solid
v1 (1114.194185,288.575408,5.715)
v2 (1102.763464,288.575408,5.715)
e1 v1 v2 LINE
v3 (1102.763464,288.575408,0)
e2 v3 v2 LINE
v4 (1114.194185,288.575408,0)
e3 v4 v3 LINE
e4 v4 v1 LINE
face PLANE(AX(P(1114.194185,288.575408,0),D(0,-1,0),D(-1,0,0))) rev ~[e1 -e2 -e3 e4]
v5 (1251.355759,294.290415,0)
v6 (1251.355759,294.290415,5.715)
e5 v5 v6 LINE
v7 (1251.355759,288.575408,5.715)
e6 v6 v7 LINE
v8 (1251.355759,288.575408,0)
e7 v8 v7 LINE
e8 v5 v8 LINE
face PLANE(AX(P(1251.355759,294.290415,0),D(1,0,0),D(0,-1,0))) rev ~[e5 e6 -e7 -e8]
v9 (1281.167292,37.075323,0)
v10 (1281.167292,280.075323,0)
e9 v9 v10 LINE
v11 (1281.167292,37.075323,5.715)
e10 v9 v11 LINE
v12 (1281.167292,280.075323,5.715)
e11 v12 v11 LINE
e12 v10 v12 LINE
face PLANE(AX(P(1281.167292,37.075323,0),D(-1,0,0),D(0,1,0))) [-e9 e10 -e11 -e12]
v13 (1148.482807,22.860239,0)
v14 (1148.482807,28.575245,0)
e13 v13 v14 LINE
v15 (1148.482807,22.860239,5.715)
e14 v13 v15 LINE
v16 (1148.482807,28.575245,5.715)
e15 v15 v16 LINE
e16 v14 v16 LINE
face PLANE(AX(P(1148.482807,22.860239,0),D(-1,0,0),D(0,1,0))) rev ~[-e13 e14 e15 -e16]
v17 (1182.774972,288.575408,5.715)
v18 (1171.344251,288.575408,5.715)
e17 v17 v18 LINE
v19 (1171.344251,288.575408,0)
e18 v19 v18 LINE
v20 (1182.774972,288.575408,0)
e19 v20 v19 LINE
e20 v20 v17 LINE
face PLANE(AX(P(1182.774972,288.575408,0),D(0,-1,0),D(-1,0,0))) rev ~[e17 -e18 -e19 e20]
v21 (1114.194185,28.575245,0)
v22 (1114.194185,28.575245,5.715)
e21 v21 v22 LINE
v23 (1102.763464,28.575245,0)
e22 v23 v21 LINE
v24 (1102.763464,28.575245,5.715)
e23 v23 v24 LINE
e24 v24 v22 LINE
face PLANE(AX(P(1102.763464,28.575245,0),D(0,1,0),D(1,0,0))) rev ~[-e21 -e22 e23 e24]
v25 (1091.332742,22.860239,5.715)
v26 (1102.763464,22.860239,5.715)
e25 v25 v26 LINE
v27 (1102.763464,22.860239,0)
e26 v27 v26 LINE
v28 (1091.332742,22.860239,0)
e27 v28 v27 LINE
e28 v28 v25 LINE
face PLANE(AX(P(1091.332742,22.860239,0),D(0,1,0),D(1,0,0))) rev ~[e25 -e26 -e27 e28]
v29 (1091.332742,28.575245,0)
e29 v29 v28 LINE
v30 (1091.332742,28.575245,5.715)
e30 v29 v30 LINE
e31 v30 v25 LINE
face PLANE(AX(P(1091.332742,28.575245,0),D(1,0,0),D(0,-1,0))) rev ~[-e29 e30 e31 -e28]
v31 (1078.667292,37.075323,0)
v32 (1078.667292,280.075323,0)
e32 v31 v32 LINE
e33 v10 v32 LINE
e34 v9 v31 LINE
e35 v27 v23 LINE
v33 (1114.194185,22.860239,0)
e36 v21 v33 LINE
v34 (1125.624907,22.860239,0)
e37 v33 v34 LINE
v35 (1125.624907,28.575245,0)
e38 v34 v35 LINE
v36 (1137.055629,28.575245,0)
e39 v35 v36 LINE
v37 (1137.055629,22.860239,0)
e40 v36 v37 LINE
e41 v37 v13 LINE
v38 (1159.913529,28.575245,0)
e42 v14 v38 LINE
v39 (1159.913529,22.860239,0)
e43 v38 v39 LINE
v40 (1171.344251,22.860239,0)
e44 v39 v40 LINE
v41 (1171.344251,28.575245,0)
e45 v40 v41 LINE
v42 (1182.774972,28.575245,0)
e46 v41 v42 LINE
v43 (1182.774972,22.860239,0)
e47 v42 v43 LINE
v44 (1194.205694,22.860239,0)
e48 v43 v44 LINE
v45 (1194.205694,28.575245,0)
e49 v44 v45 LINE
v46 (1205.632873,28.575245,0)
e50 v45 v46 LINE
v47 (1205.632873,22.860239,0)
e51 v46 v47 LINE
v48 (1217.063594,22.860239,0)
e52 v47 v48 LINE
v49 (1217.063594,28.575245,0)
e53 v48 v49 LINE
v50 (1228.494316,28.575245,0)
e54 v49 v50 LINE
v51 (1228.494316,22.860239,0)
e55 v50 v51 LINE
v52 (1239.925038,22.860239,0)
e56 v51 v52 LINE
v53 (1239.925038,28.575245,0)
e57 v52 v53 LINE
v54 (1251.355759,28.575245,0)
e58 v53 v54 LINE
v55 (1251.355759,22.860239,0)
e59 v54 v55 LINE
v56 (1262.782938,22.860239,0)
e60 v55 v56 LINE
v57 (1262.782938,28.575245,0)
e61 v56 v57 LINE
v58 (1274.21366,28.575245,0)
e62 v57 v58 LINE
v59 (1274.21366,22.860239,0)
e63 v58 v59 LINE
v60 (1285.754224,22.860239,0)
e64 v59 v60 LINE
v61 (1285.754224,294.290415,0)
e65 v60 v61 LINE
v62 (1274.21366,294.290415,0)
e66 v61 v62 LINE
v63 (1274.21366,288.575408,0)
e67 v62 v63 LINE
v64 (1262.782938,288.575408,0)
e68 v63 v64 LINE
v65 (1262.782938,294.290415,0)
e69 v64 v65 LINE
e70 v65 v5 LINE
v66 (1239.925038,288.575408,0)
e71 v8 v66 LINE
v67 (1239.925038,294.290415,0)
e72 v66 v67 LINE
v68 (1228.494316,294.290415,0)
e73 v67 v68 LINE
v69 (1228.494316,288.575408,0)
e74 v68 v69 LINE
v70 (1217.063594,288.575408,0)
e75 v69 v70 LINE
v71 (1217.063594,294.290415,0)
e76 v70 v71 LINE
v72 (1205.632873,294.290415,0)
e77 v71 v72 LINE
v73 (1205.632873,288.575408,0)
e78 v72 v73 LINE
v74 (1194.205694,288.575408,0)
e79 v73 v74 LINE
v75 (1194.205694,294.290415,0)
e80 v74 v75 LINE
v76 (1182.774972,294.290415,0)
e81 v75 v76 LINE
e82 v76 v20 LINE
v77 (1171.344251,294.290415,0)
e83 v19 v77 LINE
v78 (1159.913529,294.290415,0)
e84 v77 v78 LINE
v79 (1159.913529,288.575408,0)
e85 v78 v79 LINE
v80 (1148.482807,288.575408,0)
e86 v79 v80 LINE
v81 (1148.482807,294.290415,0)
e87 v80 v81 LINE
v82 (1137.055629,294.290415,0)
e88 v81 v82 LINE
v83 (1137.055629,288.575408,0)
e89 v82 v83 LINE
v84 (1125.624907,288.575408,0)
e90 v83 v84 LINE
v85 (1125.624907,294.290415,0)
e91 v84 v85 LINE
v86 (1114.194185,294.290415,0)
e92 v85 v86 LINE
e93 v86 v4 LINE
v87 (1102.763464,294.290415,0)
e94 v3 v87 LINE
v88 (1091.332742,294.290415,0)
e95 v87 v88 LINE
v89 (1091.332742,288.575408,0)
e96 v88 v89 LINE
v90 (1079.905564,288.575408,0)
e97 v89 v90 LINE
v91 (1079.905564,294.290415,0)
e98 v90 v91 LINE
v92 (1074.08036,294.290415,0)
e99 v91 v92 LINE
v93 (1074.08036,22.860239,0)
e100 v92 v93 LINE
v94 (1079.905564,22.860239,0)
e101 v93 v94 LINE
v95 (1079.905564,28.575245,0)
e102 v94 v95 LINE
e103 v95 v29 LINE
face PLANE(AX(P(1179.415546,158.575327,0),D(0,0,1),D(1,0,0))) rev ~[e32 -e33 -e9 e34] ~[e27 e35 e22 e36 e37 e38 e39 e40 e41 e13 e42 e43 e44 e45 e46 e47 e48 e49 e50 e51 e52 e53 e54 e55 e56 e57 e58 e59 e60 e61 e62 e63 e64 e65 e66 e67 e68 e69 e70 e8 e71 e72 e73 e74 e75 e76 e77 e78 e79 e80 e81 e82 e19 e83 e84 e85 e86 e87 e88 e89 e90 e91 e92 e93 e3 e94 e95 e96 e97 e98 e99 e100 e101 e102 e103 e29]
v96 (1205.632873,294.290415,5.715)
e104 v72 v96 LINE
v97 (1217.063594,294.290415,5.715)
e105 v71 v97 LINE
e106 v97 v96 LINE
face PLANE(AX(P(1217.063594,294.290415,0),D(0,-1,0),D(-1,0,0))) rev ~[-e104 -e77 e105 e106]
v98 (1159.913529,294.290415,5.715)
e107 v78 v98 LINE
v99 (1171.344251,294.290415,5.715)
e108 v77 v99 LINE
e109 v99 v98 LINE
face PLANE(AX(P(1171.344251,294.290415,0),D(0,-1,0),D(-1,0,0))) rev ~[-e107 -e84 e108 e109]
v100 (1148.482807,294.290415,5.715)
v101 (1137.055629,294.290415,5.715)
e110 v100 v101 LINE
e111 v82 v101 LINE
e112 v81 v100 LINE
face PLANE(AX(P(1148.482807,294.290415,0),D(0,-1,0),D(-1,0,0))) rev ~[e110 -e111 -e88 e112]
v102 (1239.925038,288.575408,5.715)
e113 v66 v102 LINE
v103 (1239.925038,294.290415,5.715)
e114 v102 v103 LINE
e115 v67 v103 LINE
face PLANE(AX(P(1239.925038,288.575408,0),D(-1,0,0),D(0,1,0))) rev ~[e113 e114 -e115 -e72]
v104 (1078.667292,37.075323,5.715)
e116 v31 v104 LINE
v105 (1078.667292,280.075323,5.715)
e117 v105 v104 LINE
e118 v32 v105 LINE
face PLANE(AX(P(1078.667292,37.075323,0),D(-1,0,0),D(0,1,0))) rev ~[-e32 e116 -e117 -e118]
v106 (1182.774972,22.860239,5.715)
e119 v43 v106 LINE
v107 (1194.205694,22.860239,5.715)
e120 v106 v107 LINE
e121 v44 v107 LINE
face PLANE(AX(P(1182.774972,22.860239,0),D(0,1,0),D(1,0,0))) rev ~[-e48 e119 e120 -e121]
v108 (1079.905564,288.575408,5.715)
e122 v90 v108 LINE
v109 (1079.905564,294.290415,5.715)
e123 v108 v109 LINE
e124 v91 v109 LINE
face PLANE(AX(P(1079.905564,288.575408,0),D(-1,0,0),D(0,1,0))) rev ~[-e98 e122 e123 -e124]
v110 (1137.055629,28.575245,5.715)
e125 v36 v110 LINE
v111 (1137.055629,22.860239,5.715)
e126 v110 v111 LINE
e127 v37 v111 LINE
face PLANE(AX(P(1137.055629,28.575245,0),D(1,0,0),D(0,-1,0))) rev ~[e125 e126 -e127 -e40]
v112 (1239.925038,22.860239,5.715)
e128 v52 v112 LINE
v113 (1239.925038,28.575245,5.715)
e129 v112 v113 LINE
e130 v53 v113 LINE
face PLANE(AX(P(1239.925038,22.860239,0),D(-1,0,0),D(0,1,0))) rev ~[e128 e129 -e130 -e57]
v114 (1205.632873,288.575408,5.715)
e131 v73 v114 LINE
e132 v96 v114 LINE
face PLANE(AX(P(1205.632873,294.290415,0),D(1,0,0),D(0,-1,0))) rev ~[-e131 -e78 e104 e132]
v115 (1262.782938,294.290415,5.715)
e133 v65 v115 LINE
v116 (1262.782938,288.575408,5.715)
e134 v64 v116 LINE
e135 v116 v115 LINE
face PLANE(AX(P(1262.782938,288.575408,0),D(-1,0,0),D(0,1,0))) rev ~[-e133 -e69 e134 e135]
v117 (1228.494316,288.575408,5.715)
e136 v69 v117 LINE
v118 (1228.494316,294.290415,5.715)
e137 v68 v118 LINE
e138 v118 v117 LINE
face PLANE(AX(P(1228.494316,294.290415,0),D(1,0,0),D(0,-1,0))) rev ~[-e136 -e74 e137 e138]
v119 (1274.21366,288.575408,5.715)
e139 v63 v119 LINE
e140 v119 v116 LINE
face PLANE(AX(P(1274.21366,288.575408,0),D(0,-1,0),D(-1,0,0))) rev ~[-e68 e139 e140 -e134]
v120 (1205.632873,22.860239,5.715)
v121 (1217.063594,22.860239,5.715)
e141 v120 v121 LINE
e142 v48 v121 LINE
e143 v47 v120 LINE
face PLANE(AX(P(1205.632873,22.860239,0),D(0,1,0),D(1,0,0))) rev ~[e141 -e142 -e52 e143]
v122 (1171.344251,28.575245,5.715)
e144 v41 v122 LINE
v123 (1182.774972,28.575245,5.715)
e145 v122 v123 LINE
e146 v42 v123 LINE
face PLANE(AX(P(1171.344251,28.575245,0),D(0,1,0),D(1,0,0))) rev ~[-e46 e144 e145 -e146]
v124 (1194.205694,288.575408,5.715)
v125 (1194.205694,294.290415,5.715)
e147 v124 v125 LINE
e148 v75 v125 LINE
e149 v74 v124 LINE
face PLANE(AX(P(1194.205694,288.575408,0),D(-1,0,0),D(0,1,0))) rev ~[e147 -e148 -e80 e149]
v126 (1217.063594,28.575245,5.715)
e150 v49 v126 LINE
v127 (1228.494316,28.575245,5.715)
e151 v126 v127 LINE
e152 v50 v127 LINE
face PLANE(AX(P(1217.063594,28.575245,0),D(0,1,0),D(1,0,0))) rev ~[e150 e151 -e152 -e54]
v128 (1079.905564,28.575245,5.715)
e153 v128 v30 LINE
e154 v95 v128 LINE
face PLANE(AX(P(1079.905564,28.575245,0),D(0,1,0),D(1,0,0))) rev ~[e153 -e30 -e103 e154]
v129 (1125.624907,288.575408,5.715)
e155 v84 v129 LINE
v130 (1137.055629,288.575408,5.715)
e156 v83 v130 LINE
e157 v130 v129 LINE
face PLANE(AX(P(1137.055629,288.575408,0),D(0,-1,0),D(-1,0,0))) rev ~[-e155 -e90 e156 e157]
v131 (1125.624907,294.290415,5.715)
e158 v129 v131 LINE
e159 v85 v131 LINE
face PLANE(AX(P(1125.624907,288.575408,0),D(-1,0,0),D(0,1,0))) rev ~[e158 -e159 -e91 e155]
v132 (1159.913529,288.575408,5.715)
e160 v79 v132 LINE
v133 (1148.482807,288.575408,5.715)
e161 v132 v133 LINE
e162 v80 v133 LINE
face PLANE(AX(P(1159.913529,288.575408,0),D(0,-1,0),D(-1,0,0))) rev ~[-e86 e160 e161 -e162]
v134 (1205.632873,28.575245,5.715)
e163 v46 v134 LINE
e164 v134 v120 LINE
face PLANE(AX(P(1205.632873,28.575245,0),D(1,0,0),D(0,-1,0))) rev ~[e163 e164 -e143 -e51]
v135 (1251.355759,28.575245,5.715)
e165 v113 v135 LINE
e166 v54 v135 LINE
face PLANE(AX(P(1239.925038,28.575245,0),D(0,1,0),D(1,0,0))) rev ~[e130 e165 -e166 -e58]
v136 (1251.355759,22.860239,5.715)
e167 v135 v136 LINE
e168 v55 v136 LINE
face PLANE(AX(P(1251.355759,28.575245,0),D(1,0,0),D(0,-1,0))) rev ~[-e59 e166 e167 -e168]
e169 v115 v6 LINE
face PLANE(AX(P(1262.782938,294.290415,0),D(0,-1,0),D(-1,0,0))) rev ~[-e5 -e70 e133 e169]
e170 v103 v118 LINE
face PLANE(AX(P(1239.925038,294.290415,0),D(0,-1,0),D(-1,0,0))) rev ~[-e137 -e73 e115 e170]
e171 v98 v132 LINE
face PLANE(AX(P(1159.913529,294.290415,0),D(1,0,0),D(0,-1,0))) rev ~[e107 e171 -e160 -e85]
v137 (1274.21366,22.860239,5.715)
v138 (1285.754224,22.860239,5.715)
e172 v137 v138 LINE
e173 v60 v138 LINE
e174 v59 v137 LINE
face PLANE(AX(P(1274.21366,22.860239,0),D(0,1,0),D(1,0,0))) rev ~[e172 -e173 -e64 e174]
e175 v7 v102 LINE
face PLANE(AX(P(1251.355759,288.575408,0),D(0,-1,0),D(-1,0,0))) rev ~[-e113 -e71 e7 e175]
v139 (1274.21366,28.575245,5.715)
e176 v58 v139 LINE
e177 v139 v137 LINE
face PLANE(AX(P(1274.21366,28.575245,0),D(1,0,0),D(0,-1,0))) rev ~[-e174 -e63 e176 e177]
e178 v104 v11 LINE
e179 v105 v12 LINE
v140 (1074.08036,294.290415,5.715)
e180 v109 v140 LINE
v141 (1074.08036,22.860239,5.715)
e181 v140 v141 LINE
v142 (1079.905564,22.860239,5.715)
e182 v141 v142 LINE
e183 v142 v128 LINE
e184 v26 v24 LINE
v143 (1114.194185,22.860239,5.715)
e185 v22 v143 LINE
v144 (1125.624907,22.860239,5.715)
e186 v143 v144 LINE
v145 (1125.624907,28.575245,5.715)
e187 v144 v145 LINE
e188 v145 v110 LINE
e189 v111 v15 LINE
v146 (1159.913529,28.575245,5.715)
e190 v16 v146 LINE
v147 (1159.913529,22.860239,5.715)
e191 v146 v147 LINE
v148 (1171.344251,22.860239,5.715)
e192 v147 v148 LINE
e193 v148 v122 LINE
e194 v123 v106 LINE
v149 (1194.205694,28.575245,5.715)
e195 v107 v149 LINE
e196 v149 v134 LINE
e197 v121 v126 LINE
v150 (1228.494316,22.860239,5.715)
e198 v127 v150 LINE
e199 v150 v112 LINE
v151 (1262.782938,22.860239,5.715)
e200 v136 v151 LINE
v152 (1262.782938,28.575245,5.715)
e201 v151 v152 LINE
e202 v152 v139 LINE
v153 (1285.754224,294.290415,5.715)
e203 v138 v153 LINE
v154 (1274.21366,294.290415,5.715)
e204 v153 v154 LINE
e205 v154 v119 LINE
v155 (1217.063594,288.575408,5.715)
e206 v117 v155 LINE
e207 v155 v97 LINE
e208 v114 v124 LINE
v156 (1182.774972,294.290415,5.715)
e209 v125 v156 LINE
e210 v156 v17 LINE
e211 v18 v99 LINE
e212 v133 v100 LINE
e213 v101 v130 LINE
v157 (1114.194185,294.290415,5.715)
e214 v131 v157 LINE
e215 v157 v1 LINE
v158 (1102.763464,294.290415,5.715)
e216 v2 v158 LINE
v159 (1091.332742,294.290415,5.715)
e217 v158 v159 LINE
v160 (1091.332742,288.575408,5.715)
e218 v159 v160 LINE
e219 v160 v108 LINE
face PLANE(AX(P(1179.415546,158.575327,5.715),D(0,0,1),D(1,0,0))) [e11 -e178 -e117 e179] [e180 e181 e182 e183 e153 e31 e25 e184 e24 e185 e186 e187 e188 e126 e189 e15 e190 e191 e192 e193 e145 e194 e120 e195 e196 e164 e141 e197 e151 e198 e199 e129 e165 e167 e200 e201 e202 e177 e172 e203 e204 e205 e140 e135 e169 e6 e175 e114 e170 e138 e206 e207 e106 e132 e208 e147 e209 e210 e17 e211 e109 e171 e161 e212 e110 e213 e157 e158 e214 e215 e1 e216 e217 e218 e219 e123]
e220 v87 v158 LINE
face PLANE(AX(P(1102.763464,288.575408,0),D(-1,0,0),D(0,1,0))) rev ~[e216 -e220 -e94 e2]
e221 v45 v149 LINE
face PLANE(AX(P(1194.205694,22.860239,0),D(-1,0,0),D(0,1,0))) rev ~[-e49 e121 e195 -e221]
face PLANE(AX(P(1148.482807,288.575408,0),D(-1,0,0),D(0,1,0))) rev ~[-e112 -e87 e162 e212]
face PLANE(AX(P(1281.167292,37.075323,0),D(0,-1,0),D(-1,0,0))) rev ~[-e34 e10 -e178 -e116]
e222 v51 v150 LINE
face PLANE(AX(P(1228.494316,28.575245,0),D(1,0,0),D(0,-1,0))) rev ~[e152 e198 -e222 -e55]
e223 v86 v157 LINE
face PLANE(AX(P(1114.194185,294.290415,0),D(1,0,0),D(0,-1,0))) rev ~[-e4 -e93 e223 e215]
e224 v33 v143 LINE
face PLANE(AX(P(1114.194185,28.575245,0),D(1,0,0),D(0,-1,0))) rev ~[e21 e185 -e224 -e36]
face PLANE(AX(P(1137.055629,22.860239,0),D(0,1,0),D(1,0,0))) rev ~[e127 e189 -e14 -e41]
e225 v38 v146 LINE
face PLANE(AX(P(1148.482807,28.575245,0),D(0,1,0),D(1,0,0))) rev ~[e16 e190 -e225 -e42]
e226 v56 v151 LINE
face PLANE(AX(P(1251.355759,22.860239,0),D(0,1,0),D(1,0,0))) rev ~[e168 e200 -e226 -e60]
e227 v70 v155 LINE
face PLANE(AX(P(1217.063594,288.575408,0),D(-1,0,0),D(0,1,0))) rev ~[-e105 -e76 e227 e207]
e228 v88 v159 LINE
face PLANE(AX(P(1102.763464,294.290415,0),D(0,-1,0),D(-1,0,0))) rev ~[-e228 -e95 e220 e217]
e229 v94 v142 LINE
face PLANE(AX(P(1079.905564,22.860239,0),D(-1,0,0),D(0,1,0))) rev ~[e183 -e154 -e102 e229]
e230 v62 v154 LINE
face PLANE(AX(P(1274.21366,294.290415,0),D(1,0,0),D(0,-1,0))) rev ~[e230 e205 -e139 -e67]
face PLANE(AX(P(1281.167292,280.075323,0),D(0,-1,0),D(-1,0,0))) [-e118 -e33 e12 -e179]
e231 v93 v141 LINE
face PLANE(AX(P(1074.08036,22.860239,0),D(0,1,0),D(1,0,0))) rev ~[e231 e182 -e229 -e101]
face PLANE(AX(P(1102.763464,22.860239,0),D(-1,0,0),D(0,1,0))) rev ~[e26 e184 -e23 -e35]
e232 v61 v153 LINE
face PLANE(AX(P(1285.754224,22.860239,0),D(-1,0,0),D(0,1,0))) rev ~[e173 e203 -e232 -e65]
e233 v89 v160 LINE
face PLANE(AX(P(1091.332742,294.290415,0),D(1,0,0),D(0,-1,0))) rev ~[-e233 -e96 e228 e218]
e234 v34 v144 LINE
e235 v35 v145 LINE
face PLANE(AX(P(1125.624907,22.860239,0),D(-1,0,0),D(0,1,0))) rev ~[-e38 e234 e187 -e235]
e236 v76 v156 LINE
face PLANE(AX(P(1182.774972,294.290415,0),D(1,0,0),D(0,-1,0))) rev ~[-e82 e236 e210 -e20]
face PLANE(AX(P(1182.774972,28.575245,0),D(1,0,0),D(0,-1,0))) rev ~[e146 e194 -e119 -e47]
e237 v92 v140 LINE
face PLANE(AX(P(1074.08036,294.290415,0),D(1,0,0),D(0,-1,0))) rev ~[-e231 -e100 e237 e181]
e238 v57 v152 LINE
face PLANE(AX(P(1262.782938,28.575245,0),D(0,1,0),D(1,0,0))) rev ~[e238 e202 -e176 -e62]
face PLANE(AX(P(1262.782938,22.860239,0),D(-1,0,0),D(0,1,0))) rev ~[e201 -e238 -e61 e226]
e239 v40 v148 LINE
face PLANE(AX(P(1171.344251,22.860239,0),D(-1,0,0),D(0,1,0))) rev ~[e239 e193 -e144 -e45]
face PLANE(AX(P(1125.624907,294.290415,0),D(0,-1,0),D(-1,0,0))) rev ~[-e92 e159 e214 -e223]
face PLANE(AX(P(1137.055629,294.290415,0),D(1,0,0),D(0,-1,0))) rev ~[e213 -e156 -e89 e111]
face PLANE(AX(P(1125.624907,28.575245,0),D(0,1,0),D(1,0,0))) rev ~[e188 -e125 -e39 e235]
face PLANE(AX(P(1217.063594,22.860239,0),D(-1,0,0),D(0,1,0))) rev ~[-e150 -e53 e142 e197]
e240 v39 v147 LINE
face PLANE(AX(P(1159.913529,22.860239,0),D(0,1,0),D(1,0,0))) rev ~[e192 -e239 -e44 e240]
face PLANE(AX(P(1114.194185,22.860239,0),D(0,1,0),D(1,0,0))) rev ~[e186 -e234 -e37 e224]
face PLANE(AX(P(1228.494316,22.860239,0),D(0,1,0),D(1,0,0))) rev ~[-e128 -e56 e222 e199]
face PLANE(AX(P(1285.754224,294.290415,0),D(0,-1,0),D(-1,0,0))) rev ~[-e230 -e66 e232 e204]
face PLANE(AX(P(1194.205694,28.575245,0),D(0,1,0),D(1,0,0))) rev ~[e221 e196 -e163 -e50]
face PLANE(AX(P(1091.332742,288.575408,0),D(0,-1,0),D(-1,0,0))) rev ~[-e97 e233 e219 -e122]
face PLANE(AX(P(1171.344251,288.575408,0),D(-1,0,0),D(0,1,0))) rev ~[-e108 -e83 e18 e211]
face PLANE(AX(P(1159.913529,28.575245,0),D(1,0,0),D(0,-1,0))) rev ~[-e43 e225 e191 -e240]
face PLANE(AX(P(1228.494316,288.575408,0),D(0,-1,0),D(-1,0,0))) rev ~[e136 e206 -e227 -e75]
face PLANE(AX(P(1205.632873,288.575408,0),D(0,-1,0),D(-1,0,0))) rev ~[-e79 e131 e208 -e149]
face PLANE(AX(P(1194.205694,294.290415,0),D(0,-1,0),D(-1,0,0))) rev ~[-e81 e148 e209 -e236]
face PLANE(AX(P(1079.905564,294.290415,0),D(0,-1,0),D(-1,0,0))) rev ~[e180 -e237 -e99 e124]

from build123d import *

# Parameters (mm, degrees)
BOSS_EXTRUDE1_DEPTH = 5.715
SKETCH2_W           = 202.5
SKETCH2_H           = 243
CUT_EXTRUDE1_DEPTH  = 6.715


with BuildPart() as part:
    # Model → Boss-Extrude1 (new body)
    with BuildSketch(Plane.XY):
        Polygon((1074.08036017, 22.860238699), (1079.905563672, 22.860238699), (1079.905563672, 28.575245224), (1091.332742073, 28.575245224), (1091.332742073, 22.860238699), (1102.763463785, 22.860238699), (1102.763463785, 28.575245224), (1114.194185497, 28.575245224), (1114.194185497, 22.860238699), (1125.62490721, 22.860238699), (1125.62490721, 28.575245224), (1137.055628922, 28.575245224), (1137.055628922, 22.860238699), (1148.482807323, 22.860238699), (1148.482807323, 28.575245224), (1159.913529035, 28.575245224), (1159.913529035, 22.860238699), (1171.344250747, 22.860238699), (1171.344250747, 28.575245224), (1182.77497246, 28.575245224), (1182.77497246, 22.860238699), (1194.205694172, 22.860238699), (1194.205694172, 28.575245224), (1205.632872573, 28.575245224), (1205.632872573, 22.860238699), (1217.063594285, 22.860238699), (1217.063594285, 28.575245224), (1228.494315997, 28.575245224), (1228.494315997, 22.860238699), (1239.92503771, 22.860238699), (1239.92503771, 28.575245224), (1251.355759422, 28.575245224), (1251.355759422, 22.860238699), (1262.782937823, 22.860238699), (1262.782937823, 28.575245224), (1274.213659535, 28.575245224), (1274.213659535, 22.860238699), (1280.038863036, 22.860238699), (1285.754223893, 22.860238699), (1285.754223893, 28.575245224), (1285.754223893, 288.575408216), (1285.754223893, 294.290414741), (1280.038863036, 294.290414741), (1274.213659535, 294.290414741), (1274.213659535, 288.575408216), (1262.782937823, 288.575408216), (1262.782937823, 294.290414741), (1251.355759422, 294.290414741), (1251.355759422, 288.575408216), (1239.92503771, 288.575408216), (1239.92503771, 294.290414741), (1228.494315997, 294.290414741), (1228.494315997, 288.575408216), (1217.063594285, 288.575408216), (1217.063594285, 294.290414741), (1205.632872573, 294.290414741), (1205.632872573, 288.575408216), (1194.205694172, 288.575408216), (1194.205694172, 294.290414741), (1182.77497246, 294.290414741), (1182.77497246, 288.575408216), (1171.344250747, 288.575408216), (1171.344250747, 294.290414741), (1159.913529035, 294.290414741), (1159.913529035, 288.575408216), (1148.482807323, 288.575408216), (1148.482807323, 294.290414741), (1137.055628922, 294.290414741), (1137.055628922, 288.575408216), (1125.62490721, 288.575408216), (1125.62490721, 294.290414741), (1114.194185497, 294.290414741), (1114.194185497, 288.575408216), (1102.763463785, 288.575408216), (1102.763463785, 294.290414741), (1091.332742073, 294.290414741), (1091.332742073, 288.575408216), (1079.905563672, 288.575408216), (1079.905563672, 294.290414741), (1074.08036017, 294.290414741), (1074.08036017, 288.575408216), (1074.08036017, 28.575245224), align=None)
    extrude(amount=BOSS_EXTRUDE1_DEPTH)

    # Sketch2 → Cut-Extrude1 (cut, through all)
    with BuildSketch(Plane(origin=(0, 0, 0), x_dir=(-1, 0, 0), z_dir=(0, 0, -1))):
        with Locations((-1179.917292032, 158.575323457)):
            Rectangle(SKETCH2_W, SKETCH2_H)
    extrude(amount=-CUT_EXTRUDE1_DEPTH, mode=Mode.SUBTRACT)


solid = part.part
